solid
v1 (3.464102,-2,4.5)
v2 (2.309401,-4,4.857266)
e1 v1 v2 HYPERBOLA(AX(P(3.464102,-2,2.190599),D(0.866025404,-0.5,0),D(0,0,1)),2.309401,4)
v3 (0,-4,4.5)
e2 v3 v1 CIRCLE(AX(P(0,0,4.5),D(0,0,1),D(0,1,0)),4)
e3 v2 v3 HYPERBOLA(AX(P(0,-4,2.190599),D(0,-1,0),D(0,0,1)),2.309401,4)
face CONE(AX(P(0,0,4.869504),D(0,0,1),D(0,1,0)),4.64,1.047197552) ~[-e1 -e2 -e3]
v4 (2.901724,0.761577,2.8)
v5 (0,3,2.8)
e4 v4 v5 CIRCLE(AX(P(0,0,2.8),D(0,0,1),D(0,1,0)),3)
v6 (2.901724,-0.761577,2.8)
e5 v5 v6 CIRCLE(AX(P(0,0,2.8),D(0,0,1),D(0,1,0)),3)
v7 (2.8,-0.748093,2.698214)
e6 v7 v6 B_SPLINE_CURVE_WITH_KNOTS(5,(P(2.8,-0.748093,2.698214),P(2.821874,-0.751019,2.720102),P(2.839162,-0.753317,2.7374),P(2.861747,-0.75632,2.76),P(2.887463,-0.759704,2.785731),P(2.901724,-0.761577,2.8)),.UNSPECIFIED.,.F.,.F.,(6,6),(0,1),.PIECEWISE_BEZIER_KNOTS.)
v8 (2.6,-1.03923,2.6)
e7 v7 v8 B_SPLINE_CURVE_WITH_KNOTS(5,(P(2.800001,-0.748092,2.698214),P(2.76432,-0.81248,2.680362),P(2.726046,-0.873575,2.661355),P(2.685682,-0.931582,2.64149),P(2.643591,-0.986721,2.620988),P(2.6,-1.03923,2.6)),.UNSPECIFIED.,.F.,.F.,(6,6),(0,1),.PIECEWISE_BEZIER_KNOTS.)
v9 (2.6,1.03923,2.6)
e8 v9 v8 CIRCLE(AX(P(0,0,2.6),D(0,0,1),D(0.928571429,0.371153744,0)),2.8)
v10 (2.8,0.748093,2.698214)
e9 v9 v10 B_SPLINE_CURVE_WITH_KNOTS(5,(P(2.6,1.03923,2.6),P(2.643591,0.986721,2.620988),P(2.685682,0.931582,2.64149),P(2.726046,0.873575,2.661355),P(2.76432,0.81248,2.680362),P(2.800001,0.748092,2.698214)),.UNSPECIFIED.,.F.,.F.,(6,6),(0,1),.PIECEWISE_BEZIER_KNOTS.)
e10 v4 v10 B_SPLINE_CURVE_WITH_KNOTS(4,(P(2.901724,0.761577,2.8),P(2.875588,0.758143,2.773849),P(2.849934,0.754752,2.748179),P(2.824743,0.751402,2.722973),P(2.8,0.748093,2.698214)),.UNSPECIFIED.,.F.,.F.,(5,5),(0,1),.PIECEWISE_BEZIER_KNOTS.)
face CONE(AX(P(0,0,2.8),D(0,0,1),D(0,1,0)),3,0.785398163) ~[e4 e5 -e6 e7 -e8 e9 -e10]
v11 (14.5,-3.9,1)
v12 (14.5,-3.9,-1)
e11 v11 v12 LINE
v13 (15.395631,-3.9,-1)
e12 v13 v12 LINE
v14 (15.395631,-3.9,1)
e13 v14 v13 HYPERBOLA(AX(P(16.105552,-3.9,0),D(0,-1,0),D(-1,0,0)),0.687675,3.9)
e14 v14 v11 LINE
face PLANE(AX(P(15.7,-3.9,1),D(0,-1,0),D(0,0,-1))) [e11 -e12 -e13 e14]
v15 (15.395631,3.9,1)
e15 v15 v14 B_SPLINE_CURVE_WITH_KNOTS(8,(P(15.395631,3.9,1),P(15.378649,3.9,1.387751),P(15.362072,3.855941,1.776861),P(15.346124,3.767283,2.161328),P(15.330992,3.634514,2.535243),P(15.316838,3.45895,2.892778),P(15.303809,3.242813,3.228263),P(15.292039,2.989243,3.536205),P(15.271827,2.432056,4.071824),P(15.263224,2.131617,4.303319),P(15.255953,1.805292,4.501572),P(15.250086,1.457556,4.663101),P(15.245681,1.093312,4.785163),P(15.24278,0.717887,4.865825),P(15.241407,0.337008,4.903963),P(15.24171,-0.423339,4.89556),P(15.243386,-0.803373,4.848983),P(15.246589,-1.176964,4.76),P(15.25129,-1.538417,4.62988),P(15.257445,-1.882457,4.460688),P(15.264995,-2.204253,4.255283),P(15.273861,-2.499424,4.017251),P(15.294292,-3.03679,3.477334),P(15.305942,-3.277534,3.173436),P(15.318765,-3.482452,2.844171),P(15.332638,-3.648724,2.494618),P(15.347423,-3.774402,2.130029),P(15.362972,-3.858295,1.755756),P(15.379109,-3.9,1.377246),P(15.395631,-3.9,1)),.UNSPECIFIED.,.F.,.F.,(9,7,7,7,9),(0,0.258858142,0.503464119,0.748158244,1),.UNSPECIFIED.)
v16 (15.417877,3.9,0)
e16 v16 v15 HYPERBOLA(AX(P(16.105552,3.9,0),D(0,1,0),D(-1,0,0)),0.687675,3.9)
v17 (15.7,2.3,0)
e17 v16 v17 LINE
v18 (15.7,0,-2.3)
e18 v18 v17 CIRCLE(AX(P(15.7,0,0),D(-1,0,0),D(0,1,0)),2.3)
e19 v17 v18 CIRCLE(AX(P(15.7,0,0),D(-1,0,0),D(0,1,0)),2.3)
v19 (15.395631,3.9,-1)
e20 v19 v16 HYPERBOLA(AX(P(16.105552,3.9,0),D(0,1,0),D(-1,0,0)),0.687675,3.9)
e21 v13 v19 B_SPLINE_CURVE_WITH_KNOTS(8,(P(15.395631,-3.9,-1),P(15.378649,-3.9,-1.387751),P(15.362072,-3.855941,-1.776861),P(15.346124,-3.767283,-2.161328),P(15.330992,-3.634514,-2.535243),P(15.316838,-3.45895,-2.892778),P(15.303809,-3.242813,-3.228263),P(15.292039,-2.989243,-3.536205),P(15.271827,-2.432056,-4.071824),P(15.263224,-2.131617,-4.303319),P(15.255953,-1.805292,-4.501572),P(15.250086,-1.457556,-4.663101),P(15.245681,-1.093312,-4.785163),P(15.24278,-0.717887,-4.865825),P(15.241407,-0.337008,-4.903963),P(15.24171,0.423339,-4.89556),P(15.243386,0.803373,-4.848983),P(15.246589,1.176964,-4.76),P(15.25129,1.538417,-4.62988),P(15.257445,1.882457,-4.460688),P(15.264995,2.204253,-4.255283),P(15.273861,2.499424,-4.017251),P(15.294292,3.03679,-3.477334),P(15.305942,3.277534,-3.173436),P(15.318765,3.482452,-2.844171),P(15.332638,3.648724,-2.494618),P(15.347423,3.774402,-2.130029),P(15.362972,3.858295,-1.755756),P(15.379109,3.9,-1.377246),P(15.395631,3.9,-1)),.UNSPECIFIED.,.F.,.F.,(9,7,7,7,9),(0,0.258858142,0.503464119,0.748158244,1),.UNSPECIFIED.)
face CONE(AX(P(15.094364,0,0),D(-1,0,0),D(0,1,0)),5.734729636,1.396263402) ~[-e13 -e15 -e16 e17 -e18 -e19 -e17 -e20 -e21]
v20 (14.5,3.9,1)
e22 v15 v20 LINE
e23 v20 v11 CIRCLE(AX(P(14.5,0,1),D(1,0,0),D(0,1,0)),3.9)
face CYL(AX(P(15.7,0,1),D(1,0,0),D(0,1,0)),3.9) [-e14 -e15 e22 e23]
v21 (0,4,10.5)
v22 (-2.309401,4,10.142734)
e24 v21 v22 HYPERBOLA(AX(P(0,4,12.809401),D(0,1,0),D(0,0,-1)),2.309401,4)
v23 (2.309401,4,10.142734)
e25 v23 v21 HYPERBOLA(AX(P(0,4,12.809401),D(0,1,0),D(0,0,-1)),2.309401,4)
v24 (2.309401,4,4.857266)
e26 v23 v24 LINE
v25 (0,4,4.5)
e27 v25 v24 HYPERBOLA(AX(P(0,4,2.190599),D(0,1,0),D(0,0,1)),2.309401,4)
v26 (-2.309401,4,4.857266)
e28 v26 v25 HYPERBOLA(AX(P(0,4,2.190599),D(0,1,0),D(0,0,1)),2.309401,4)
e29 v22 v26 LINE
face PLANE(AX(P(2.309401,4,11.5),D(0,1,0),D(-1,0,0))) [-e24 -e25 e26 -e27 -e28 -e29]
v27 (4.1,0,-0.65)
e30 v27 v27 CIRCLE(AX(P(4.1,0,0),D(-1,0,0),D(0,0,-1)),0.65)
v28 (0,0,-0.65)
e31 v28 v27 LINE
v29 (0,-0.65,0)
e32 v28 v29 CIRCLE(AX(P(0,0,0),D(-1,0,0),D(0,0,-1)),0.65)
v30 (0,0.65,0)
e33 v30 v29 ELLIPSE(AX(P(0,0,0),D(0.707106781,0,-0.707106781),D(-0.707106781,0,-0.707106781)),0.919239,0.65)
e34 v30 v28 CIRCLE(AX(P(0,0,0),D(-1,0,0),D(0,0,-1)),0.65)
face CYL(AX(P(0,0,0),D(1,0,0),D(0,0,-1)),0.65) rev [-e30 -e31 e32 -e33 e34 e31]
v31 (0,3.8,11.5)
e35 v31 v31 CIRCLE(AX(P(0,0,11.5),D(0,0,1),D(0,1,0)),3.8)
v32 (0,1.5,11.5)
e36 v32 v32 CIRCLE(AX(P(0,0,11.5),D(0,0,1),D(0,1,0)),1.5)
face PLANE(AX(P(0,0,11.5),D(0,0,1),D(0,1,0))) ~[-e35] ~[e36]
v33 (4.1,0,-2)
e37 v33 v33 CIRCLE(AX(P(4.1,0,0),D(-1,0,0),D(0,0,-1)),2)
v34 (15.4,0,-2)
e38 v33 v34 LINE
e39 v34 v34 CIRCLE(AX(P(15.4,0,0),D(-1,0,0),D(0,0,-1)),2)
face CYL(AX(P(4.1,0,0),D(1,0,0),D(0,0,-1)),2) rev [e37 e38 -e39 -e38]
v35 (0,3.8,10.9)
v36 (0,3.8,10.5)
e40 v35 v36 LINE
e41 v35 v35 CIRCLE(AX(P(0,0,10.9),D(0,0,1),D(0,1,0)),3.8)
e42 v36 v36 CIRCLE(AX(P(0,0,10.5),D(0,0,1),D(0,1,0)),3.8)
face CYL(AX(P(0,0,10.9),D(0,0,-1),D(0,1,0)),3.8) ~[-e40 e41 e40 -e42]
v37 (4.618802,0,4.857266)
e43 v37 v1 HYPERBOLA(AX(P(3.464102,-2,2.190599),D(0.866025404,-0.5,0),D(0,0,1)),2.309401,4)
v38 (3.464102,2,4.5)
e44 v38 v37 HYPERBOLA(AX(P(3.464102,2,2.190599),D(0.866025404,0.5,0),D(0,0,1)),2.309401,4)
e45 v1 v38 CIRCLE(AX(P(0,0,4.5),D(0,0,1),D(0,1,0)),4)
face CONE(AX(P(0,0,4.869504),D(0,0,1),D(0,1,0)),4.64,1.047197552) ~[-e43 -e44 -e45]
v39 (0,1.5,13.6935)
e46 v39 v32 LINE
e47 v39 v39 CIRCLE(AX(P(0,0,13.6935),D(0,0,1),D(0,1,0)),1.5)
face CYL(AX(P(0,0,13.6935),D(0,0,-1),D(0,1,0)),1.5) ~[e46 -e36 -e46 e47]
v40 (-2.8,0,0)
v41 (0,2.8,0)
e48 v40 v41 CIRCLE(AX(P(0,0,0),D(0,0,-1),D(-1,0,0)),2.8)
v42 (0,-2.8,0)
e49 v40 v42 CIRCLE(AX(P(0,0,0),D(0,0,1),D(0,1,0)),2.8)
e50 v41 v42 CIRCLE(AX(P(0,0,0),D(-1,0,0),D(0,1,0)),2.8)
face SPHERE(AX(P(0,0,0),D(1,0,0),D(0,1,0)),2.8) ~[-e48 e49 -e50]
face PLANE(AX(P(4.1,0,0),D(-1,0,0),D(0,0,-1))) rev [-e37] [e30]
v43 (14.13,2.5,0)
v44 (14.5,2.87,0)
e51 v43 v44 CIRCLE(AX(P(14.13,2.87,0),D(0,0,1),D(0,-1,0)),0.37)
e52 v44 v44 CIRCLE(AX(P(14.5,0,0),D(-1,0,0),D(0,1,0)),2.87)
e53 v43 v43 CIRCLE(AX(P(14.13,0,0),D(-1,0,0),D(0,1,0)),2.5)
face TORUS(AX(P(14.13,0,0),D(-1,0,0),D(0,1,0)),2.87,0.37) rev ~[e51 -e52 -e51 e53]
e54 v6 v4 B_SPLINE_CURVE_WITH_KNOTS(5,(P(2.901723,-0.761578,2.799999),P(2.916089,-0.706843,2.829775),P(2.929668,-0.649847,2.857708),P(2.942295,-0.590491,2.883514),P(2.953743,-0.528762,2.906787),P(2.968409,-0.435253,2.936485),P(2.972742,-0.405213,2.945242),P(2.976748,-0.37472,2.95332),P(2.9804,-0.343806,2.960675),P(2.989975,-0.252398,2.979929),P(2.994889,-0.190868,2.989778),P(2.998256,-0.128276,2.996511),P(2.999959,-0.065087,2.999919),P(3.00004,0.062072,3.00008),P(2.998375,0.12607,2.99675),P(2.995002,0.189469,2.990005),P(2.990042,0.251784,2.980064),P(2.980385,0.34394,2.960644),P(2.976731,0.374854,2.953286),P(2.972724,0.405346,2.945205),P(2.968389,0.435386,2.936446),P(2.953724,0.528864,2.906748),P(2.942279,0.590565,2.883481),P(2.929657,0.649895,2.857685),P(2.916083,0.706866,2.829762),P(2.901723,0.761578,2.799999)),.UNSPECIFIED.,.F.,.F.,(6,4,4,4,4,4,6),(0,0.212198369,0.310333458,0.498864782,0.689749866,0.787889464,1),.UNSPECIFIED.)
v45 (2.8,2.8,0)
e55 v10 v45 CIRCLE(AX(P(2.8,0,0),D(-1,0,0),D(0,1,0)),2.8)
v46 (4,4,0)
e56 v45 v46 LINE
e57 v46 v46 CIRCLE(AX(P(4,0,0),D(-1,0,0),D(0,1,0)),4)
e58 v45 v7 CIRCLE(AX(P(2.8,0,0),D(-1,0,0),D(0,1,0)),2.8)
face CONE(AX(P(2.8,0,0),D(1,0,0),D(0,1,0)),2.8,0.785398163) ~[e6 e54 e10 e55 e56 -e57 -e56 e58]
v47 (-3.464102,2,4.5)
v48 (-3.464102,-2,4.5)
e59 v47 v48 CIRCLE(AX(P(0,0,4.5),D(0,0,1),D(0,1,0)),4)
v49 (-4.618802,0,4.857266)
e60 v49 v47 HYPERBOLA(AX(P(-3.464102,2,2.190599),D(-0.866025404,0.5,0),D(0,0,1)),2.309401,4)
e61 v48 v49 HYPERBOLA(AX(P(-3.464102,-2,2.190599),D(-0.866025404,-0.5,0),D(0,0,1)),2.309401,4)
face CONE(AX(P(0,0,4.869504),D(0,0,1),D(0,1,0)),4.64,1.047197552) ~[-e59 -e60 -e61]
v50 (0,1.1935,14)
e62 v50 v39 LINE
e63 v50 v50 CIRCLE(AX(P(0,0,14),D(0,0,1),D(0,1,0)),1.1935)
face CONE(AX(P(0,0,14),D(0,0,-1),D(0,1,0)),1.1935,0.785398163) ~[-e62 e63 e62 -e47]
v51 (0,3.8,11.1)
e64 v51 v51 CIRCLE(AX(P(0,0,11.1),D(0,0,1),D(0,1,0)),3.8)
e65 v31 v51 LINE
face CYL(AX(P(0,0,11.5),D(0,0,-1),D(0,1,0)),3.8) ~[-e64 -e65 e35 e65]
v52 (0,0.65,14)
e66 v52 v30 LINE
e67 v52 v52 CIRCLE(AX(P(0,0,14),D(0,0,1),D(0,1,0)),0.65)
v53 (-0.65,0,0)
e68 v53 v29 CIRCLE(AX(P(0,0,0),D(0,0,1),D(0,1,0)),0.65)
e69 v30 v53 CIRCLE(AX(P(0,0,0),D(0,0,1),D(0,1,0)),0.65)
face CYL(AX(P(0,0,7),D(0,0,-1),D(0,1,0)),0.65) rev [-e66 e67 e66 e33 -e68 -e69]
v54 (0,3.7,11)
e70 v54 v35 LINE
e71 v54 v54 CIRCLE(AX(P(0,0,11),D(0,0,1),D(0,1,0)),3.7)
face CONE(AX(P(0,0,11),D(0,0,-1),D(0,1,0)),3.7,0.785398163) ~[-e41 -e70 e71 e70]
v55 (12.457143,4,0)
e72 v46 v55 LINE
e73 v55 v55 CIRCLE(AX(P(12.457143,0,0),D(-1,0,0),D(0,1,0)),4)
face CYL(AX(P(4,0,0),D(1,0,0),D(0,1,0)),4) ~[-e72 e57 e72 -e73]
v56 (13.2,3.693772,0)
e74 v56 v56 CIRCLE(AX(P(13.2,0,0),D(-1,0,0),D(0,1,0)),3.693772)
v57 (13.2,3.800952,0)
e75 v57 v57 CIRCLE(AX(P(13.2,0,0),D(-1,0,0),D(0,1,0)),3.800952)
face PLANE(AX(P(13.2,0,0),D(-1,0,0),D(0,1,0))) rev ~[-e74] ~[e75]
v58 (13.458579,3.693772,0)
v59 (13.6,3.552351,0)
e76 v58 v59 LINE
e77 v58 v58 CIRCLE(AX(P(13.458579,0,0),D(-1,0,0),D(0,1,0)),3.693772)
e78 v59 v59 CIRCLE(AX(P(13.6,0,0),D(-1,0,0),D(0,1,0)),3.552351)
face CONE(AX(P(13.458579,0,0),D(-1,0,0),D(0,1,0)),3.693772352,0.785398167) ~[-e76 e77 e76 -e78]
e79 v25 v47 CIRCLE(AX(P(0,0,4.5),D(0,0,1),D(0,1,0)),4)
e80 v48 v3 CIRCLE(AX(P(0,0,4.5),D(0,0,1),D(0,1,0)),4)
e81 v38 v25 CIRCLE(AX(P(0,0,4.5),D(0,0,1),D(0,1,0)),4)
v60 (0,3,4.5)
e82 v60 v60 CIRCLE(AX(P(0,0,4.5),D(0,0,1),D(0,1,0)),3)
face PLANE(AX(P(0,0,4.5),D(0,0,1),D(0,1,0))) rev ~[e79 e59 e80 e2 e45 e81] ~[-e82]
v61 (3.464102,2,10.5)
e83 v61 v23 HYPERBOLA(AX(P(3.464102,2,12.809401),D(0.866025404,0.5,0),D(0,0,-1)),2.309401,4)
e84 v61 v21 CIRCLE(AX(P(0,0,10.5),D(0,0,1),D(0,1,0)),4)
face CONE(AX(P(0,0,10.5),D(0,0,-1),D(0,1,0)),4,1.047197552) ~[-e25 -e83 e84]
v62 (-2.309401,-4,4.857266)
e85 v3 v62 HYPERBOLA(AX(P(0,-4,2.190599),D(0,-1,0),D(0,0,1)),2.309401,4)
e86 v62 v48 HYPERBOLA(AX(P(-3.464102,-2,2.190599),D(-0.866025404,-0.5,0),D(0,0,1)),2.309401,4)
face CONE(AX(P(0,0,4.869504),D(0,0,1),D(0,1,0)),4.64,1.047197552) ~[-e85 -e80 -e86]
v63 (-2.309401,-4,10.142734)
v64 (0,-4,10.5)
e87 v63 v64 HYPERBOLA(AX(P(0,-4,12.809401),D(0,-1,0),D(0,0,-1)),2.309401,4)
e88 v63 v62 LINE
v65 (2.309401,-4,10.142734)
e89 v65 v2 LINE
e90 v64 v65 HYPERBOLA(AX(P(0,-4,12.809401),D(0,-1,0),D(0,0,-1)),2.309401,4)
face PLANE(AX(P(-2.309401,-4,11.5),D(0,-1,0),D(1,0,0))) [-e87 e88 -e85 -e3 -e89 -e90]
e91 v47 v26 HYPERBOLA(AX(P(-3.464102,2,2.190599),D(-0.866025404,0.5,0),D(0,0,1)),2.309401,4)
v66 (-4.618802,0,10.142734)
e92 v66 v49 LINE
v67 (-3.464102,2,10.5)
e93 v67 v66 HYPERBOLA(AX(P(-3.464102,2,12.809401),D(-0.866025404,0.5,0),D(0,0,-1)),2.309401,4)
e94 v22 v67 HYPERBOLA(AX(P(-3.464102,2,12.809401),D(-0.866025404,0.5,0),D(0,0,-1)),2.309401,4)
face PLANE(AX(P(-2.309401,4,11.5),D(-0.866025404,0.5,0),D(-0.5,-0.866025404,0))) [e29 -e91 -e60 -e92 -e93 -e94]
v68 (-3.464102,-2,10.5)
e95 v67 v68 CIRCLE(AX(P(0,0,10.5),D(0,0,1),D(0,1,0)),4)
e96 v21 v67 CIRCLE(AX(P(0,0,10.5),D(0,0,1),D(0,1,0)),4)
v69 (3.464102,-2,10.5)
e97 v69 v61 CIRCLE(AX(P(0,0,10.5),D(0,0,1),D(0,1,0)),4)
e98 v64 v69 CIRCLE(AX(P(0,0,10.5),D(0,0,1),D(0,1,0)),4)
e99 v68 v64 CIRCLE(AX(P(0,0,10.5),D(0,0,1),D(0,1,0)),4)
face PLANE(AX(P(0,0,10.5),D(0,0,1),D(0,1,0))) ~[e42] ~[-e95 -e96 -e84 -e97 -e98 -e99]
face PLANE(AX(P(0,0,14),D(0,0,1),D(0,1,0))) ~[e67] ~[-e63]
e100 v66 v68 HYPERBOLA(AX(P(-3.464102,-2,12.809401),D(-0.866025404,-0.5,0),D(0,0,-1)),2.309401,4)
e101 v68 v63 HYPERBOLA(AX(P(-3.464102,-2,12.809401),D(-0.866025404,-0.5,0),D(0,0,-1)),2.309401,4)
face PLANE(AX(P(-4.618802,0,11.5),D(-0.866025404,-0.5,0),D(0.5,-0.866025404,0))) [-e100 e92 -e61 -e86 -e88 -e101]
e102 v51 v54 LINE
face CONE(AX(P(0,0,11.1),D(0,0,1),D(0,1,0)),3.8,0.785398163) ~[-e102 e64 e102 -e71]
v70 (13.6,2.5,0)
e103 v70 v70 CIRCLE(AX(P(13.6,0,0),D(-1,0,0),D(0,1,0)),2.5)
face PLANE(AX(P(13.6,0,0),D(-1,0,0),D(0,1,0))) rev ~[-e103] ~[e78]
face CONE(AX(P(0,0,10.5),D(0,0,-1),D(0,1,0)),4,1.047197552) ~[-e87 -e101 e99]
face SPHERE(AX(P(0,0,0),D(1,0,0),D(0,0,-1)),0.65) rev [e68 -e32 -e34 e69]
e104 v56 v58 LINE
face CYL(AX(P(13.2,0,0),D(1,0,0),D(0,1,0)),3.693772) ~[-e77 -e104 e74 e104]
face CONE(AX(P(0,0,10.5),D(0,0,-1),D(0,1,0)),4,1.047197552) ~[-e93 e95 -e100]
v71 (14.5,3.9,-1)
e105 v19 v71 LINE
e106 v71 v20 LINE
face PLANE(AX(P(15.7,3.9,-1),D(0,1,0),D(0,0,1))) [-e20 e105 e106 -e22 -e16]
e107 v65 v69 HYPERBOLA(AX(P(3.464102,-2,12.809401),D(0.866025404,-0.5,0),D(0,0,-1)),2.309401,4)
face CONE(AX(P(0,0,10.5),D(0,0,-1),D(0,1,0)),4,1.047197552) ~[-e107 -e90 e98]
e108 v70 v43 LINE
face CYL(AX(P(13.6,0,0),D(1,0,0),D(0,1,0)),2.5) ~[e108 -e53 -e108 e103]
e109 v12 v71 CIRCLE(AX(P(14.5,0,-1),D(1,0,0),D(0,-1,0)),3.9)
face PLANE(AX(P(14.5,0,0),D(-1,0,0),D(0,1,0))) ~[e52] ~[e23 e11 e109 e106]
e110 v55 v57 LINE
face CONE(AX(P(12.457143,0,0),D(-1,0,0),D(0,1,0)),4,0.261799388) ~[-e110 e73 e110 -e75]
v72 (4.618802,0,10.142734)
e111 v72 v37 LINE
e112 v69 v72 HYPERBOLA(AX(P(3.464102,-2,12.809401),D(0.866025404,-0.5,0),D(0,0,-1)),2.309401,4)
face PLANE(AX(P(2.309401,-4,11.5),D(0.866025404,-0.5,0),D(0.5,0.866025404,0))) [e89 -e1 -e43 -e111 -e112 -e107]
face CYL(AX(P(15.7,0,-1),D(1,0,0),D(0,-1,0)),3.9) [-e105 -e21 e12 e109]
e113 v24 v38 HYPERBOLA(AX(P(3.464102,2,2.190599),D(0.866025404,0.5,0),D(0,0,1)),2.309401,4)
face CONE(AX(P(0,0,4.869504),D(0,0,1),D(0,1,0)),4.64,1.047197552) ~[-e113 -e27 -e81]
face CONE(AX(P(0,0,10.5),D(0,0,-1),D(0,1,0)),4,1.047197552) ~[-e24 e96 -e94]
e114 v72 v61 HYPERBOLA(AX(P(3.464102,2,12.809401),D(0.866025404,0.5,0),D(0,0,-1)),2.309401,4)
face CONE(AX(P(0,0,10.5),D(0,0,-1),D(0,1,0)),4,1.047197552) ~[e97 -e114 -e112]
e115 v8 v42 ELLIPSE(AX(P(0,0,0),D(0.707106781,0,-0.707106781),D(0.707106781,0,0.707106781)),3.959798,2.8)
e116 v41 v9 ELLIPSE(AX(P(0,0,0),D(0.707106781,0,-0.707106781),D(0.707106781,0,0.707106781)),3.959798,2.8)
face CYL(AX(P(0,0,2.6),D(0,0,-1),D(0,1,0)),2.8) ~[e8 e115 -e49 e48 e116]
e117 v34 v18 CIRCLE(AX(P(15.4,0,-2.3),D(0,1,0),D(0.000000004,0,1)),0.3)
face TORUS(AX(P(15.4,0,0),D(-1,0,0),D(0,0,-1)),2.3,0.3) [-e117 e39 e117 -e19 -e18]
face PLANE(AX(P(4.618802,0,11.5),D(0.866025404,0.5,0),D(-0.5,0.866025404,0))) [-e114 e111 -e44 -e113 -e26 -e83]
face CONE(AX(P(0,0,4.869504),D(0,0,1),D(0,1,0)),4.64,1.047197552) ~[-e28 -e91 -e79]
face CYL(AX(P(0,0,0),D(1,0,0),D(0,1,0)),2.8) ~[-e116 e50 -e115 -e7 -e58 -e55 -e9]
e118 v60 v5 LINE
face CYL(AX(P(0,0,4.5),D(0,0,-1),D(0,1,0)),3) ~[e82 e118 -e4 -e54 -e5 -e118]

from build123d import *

# Parameters (mm, degrees)
CUT_EXTRUDE1_DEPTH = 1.2
SKETCH5_W          = 14
SKETCH5_H          = 0.65
SKETCH7_W          = 16
SKETCH7_H          = 16
CUT_EXTRUDE2_DEPTH = 7.055555556


with BuildPart() as part:
    # Sketch1 → Revolve1 (revolve)
    with BuildSketch(Plane.XY):
        with BuildLine():
            Line((0, 2.8), (2.8, 2.8))
            Line((2.8, 2.8), (4, 4))
            Line((4, 4), (12.457142857, 4))
            Line((12.457142857, 4), (13.2, 3.800952028))
            Line((13.2, 3.800952028), (13.2, 3.693772352))
            Line((13.2, 3.693772352), (13.458578644, 3.693772352))
            Line((13.458578644, 3.693772352), (13.6, 3.552350995))
            Line((13.6, 3.552350995), (13.6, 2.5))
            Line((13.6, 2.5), (14.13, 2.5))
            ThreePointArc((14.13, 2.5), (14.391629509, 2.608370491), (14.5, 2.87))
            Line((14.5, 2.87), (14.5, 5.9))
            Line((14.5, 5.9), (14.897402943, 5.9))
            ThreePointArc((14.897402943, 5.9), (15.025960465, 5.853208889), (15.094364494, 5.734729636))
            Line((15.094364494, 5.734729636), (15.7, 2.3))
            Line((15.7, 2.3), (15.7, 0))
            Line((15.7, 0), (-2.8, 0))
            ThreePointArc((-2.8, 0), (-1.979898987, 1.979898987), (0, 2.8))
        make_face()
    revolve(axis=Axis((15.7, 0, 0), (-1, 0, 0)))

    # Sketch2 → Revolve2 (revolve)
    with BuildSketch(Plane(origin=(0, 0, 0), x_dir=(0, 0, -1), z_dir=(1, 0, 0))):
        Polygon((-11.5, 0), (-11.5, 3.8), (-11.1, 3.8), (-11, 3.7), (-10.9, 3.8), (-10.5, 3.8), (-10.5, 4), (-10.130495828, 4.64), (-4.869504172, 4.64), (-4.5, 4), (-4.5, 3), (-2.8, 3), (-2.6, 2.8), (0, 2.8), (0, 0), align=None)
    revolve(axis=Axis((0, 0, 0), (0, 0, 1)))

    # Sketch3 → Revolve3 (revolve)
    with BuildSketch(Plane(origin=(0, 0, 0), x_dir=(0, 0, -1), z_dir=(1, 0, 0))):
        Polygon((-14, 0), (-14, 1.1935), (-13.6935, 1.5), (-11.5, 1.5), (-11.5, 0), align=None)
    revolve(axis=Axis((0, 0, 11.5), (0, 0, 1)))

    # Sketch4 → Cut-Extrude1 (cut)
    with BuildSketch(Plane(origin=(15.7, 0, 0), x_dir=(0, 0, -1), z_dir=(1, 0, 0))):
        Polygon((-9.8, -5.658032638), (0, -11.316065276), (9.8, -5.658032638), (9.8, 5.658032638), (0, 11.316065276), (-9.8, 5.658032638), align=None)
        with BuildLine():
            Line((-1, -3.9), (1, -3.9))
            ThreePointArc((1, -3.9), (4.9, 0), (1, 3.9))
            Line((1, 3.9), (-1, 3.9))
            ThreePointArc((-1, 3.9), (-4.9, 0), (-1, -3.9))
        make_face(mode=Mode.SUBTRACT)
    extrude(amount=-CUT_EXTRUDE1_DEPTH, mode=Mode.SUBTRACT)

    # Sketch5 → Cut-Revolve1 (revolve, cut)
    with BuildSketch(Plane(origin=(0, 0, 0), x_dir=(0, 0, -1), z_dir=(1, 0, 0))):
        with Locations((-7, 0.325)):
            Rectangle(SKETCH5_W, SKETCH5_H)
    revolve(axis=Axis((0, 0, 0), (0, 0, 1)), mode=Mode.SUBTRACT)

    # Sketch6 → Cut-Revolve2 (revolve, cut)
    with BuildSketch(Plane(origin=(0, 0, 0), x_dir=(1, 0, 0), z_dir=(0, 1, 0))):
        with BuildLine():
            Line((0, 0.65), (4.1, 0.65))
            Line((4.1, 0.65), (4.1, 2))
            Line((4.1, 2), (15.4, 2))
            ThreePointArc((15.4, 2), (15.612132034, 2.087867966), (15.7, 2.3))
            Line((15.7, 2.3), (15.7, 0))
            Line((15.7, 0), (-0.65, 0))
            ThreePointArc((-0.65, 0), (-0.459619408, 0.459619408), (0, 0.65))
        make_face()
    revolve(axis=Axis((15.7, 0, 0), (-1, 0, 0)), mode=Mode.SUBTRACT)

    # Sketch7 → Cut-Extrude2 (cut)
    with BuildSketch(Plane.XY.offset(11.5)):
        Rectangle(SKETCH7_W, SKETCH7_H)
        Polygon((-4.618802154, 0), (-2.309401077, -4), (2.309401077, -4), (4.618802154, 0), (2.309401077, 4), (-2.309401077, 4), align=None, mode=Mode.SUBTRACT)
    extrude(amount=-CUT_EXTRUDE2_DEPTH, mode=Mode.SUBTRACT)


solid = part.part
